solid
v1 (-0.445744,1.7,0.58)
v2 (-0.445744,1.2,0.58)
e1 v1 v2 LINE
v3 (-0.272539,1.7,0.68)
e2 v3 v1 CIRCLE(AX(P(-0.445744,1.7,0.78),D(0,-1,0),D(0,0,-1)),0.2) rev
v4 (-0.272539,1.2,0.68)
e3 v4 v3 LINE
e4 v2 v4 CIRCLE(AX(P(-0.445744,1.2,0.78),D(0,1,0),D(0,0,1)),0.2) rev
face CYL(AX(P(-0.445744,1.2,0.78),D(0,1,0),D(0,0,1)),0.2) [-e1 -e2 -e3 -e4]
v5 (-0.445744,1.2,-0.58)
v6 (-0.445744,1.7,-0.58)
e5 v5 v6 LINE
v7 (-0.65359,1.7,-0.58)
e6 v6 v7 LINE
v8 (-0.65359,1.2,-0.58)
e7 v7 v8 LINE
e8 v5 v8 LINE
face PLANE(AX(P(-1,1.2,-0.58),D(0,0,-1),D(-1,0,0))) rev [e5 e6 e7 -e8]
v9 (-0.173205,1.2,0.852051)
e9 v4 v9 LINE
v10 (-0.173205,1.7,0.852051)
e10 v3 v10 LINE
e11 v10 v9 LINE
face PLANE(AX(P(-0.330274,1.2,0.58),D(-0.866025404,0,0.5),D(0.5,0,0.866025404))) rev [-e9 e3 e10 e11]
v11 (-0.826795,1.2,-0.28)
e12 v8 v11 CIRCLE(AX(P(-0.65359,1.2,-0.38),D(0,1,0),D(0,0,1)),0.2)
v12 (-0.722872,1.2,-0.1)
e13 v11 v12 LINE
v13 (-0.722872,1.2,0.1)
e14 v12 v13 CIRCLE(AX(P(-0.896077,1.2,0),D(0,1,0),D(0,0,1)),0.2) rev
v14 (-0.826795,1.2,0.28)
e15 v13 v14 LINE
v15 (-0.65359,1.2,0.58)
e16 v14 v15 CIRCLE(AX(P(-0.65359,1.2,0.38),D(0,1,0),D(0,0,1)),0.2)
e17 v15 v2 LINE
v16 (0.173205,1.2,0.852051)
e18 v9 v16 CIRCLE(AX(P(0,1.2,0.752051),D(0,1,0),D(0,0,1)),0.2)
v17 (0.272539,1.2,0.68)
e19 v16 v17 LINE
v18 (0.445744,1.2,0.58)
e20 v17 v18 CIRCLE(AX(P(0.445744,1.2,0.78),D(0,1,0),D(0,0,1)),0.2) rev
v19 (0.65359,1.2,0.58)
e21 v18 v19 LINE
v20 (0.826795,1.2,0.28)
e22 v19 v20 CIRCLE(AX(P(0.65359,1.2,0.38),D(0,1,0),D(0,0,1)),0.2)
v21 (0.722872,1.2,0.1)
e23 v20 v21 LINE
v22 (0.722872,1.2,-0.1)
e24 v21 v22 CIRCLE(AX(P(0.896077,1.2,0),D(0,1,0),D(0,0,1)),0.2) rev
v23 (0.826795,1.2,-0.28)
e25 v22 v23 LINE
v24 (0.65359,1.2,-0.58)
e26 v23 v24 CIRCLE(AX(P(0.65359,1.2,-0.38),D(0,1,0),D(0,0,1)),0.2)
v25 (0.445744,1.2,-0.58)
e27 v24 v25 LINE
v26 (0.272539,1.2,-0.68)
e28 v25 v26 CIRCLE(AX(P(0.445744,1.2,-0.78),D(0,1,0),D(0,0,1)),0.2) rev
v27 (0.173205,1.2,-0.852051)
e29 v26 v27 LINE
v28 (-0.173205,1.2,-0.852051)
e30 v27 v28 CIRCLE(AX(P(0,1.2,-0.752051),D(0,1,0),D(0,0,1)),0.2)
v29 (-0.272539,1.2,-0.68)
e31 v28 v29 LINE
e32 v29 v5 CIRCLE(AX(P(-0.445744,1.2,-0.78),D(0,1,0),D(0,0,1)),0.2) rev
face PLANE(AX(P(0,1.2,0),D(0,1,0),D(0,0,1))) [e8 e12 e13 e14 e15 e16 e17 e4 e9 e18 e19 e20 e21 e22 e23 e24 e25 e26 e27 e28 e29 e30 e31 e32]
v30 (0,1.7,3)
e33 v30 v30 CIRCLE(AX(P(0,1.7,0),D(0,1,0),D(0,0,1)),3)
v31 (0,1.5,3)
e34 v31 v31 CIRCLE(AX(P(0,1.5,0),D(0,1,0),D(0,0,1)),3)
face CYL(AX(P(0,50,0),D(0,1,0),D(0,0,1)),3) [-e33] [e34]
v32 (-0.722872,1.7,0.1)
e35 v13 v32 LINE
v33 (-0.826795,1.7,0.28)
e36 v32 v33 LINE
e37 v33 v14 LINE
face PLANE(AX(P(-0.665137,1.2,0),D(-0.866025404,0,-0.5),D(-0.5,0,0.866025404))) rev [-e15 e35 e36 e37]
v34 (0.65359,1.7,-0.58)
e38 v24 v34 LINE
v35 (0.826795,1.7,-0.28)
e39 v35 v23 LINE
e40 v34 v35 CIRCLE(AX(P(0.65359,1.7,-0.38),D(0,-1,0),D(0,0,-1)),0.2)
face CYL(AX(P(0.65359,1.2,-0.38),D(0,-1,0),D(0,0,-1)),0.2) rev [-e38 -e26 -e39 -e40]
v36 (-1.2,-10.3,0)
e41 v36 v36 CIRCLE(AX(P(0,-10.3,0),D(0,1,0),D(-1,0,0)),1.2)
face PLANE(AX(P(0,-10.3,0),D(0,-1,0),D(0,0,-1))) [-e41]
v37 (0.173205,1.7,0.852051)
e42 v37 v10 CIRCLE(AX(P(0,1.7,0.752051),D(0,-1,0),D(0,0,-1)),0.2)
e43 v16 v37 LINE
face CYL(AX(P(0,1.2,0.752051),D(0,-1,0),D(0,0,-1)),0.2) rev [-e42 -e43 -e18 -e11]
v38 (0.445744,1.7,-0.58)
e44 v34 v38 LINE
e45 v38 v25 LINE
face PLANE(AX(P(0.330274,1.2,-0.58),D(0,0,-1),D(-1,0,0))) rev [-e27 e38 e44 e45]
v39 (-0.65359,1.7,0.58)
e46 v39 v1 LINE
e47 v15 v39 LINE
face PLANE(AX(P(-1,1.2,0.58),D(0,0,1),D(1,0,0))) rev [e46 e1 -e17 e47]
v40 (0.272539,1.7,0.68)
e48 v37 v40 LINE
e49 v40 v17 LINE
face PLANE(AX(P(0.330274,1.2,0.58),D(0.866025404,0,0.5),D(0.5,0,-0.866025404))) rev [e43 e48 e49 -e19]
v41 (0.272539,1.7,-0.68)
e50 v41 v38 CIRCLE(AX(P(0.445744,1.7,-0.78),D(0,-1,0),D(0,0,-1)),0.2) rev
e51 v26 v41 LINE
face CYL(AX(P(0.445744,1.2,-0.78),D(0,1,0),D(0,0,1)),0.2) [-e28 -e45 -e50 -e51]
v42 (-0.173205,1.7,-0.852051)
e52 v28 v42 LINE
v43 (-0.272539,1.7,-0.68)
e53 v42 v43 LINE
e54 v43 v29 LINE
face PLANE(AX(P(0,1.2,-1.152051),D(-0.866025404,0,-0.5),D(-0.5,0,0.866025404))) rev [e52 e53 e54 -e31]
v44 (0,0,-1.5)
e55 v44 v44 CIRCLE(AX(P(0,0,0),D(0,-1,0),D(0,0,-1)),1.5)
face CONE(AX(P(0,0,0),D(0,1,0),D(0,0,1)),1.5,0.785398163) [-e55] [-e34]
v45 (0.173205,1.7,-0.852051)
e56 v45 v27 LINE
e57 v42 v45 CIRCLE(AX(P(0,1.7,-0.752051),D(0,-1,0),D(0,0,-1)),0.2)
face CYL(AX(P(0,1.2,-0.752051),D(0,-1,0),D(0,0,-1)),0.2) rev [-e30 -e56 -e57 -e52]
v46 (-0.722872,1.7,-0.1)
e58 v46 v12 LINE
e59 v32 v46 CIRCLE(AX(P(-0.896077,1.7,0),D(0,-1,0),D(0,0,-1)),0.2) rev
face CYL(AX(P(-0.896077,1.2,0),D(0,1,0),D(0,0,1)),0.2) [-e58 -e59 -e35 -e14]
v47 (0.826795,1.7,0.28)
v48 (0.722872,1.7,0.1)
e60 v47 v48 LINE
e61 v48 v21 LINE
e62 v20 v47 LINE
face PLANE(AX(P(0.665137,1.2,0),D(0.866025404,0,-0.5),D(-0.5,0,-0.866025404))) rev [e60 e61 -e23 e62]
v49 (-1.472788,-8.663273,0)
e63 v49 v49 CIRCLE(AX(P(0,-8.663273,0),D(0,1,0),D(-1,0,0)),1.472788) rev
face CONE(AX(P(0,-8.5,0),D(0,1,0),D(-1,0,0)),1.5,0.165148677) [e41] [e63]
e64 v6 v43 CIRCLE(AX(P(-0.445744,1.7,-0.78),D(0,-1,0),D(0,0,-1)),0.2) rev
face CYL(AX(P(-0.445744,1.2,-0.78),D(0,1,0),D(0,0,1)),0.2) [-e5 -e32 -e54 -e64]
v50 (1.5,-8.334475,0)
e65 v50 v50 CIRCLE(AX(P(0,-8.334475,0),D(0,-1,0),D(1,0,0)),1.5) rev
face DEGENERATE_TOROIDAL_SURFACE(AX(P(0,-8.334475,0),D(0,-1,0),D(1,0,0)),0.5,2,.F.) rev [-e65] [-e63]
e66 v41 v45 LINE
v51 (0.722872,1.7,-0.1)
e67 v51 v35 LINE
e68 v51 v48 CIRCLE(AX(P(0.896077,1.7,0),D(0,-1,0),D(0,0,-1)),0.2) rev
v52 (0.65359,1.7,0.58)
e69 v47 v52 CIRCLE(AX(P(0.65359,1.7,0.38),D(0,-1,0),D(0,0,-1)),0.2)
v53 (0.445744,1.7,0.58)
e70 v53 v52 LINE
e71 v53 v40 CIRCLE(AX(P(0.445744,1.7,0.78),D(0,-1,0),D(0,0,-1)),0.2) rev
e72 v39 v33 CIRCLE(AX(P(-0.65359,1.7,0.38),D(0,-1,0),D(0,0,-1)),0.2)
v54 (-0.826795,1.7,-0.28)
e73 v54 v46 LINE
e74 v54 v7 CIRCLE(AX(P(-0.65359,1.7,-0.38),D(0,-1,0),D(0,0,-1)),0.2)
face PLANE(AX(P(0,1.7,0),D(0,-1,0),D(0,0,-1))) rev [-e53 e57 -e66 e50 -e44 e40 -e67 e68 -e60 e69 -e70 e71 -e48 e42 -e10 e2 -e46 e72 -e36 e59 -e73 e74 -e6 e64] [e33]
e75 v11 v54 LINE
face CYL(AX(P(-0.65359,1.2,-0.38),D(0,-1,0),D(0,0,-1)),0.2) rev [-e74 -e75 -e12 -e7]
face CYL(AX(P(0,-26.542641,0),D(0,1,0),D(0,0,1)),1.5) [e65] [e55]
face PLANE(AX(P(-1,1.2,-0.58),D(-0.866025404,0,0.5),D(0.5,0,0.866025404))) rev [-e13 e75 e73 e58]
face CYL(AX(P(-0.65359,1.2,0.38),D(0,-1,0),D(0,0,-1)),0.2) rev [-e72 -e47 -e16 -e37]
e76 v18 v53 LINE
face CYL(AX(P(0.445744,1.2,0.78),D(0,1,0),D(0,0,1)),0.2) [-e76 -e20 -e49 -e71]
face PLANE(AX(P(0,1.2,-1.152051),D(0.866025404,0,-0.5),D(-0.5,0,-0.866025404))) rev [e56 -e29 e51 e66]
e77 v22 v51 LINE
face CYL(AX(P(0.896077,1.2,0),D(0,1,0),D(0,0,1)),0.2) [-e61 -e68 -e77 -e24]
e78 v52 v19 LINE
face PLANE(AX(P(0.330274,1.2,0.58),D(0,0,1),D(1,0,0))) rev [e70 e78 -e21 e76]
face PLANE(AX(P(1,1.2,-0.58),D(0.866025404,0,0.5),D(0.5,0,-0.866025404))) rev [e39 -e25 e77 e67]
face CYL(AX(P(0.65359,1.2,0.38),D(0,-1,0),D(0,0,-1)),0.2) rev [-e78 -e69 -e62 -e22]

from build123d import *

# Parameters (mm, degrees)
SKETCH2_R           = 1.5
BOSS_EXTRUDE1_DEPTH = 10.3
CUT_EXTRUDE1_DEPTH  = 0.5
FILLET1_R           = 0.2
FILLET3_R           = 2


with BuildPart() as part:
    # Sketch1 → Revolve1 (revolve)
    with BuildSketch(Plane.XY, mode=Mode.PRIVATE) as revolve1_sk:
        Polygon((0, 0), (0, 1.7), (3, 1.7), (3, 1.5), (1.5, 0), align=None)
    revolve(revolve1_sk.sketch.rotate(Axis((0, 50, 0), (0, -1, 0)), 90), axis=Axis((0, 50, 0), (0, -1, 0)))

    # Sketch2 → Boss-Extrude1 (add)
    with BuildSketch(Plane.XZ):
        with Locations(Location((0, 0, 0), (0, 0, 270))):
            Circle(SKETCH2_R)
    extrude(amount=BOSS_EXTRUDE1_DEPTH)

    # Sketch3 → Cut-Revolve1 (revolve, cut)
    with BuildSketch(Plane.XY, mode=Mode.PRIVATE) as cut_revolve1_sk:
        Polygon((1.5, -8.5), (1.2, -10.3), (1.5, -10.3), align=None)
    revolve(cut_revolve1_sk.sketch.rotate(Axis((0, 0, 0), (0, -1, 0)), 180), axis=Axis((0, 0, 0), (0, -1, 0)), mode=Mode.SUBTRACT)

    # Sketch4 → Cut-Extrude1 (cut)
    with BuildSketch(Plane(origin=(0, 1.7, 0), x_dir=(1, 0, 0), z_dir=(0, 1, 0))):
        Polygon((0, 1.152050808), (0.330273688, 0.58), (1, 0.58), (0.665136844, 0), (1, -0.58), (0.330273688, -0.58), (0, -1.152050808), (-0.330273688, -0.58), (-1, -0.58), (-0.665136844, 0), (-1, 0.58), (-0.330273688, 0.58), align=None)
    extrude(amount=-CUT_EXTRUDE1_DEPTH, mode=Mode.SUBTRACT)

    # Fillet1
    fillet1_edges = [part.edges().sort_by_distance(p)[0] for p in [
        (-0.330273688, 1.45, -0.58),
        (0, 1.45, -1.152050808),
        (0.330273688, 1.45, -0.58),
        (1, 1.45, -0.58),
        (0.665136844, 1.45, 0),
        (1, 1.45, 0.58),
        (0.330273688, 1.45, 0.58),
        (0, 1.45, 1.152050808),
        (-0.330273688, 1.45, 0.58),
        (-1, 1.45, 0.58),
        (-0.665136844, 1.45, 0),
        (-1, 1.45, -0.58),
    ]]
    fillet(fillet1_edges, radius=FILLET1_R)

    # Fillet3
    fillet3_edges = [part.edges().sort_by_distance(p)[0] for p in [
        (-1.060660172, -8.5, -1.060660172),
    ]]
    fillet(fillet3_edges, radius=FILLET3_R)


solid = part.part
